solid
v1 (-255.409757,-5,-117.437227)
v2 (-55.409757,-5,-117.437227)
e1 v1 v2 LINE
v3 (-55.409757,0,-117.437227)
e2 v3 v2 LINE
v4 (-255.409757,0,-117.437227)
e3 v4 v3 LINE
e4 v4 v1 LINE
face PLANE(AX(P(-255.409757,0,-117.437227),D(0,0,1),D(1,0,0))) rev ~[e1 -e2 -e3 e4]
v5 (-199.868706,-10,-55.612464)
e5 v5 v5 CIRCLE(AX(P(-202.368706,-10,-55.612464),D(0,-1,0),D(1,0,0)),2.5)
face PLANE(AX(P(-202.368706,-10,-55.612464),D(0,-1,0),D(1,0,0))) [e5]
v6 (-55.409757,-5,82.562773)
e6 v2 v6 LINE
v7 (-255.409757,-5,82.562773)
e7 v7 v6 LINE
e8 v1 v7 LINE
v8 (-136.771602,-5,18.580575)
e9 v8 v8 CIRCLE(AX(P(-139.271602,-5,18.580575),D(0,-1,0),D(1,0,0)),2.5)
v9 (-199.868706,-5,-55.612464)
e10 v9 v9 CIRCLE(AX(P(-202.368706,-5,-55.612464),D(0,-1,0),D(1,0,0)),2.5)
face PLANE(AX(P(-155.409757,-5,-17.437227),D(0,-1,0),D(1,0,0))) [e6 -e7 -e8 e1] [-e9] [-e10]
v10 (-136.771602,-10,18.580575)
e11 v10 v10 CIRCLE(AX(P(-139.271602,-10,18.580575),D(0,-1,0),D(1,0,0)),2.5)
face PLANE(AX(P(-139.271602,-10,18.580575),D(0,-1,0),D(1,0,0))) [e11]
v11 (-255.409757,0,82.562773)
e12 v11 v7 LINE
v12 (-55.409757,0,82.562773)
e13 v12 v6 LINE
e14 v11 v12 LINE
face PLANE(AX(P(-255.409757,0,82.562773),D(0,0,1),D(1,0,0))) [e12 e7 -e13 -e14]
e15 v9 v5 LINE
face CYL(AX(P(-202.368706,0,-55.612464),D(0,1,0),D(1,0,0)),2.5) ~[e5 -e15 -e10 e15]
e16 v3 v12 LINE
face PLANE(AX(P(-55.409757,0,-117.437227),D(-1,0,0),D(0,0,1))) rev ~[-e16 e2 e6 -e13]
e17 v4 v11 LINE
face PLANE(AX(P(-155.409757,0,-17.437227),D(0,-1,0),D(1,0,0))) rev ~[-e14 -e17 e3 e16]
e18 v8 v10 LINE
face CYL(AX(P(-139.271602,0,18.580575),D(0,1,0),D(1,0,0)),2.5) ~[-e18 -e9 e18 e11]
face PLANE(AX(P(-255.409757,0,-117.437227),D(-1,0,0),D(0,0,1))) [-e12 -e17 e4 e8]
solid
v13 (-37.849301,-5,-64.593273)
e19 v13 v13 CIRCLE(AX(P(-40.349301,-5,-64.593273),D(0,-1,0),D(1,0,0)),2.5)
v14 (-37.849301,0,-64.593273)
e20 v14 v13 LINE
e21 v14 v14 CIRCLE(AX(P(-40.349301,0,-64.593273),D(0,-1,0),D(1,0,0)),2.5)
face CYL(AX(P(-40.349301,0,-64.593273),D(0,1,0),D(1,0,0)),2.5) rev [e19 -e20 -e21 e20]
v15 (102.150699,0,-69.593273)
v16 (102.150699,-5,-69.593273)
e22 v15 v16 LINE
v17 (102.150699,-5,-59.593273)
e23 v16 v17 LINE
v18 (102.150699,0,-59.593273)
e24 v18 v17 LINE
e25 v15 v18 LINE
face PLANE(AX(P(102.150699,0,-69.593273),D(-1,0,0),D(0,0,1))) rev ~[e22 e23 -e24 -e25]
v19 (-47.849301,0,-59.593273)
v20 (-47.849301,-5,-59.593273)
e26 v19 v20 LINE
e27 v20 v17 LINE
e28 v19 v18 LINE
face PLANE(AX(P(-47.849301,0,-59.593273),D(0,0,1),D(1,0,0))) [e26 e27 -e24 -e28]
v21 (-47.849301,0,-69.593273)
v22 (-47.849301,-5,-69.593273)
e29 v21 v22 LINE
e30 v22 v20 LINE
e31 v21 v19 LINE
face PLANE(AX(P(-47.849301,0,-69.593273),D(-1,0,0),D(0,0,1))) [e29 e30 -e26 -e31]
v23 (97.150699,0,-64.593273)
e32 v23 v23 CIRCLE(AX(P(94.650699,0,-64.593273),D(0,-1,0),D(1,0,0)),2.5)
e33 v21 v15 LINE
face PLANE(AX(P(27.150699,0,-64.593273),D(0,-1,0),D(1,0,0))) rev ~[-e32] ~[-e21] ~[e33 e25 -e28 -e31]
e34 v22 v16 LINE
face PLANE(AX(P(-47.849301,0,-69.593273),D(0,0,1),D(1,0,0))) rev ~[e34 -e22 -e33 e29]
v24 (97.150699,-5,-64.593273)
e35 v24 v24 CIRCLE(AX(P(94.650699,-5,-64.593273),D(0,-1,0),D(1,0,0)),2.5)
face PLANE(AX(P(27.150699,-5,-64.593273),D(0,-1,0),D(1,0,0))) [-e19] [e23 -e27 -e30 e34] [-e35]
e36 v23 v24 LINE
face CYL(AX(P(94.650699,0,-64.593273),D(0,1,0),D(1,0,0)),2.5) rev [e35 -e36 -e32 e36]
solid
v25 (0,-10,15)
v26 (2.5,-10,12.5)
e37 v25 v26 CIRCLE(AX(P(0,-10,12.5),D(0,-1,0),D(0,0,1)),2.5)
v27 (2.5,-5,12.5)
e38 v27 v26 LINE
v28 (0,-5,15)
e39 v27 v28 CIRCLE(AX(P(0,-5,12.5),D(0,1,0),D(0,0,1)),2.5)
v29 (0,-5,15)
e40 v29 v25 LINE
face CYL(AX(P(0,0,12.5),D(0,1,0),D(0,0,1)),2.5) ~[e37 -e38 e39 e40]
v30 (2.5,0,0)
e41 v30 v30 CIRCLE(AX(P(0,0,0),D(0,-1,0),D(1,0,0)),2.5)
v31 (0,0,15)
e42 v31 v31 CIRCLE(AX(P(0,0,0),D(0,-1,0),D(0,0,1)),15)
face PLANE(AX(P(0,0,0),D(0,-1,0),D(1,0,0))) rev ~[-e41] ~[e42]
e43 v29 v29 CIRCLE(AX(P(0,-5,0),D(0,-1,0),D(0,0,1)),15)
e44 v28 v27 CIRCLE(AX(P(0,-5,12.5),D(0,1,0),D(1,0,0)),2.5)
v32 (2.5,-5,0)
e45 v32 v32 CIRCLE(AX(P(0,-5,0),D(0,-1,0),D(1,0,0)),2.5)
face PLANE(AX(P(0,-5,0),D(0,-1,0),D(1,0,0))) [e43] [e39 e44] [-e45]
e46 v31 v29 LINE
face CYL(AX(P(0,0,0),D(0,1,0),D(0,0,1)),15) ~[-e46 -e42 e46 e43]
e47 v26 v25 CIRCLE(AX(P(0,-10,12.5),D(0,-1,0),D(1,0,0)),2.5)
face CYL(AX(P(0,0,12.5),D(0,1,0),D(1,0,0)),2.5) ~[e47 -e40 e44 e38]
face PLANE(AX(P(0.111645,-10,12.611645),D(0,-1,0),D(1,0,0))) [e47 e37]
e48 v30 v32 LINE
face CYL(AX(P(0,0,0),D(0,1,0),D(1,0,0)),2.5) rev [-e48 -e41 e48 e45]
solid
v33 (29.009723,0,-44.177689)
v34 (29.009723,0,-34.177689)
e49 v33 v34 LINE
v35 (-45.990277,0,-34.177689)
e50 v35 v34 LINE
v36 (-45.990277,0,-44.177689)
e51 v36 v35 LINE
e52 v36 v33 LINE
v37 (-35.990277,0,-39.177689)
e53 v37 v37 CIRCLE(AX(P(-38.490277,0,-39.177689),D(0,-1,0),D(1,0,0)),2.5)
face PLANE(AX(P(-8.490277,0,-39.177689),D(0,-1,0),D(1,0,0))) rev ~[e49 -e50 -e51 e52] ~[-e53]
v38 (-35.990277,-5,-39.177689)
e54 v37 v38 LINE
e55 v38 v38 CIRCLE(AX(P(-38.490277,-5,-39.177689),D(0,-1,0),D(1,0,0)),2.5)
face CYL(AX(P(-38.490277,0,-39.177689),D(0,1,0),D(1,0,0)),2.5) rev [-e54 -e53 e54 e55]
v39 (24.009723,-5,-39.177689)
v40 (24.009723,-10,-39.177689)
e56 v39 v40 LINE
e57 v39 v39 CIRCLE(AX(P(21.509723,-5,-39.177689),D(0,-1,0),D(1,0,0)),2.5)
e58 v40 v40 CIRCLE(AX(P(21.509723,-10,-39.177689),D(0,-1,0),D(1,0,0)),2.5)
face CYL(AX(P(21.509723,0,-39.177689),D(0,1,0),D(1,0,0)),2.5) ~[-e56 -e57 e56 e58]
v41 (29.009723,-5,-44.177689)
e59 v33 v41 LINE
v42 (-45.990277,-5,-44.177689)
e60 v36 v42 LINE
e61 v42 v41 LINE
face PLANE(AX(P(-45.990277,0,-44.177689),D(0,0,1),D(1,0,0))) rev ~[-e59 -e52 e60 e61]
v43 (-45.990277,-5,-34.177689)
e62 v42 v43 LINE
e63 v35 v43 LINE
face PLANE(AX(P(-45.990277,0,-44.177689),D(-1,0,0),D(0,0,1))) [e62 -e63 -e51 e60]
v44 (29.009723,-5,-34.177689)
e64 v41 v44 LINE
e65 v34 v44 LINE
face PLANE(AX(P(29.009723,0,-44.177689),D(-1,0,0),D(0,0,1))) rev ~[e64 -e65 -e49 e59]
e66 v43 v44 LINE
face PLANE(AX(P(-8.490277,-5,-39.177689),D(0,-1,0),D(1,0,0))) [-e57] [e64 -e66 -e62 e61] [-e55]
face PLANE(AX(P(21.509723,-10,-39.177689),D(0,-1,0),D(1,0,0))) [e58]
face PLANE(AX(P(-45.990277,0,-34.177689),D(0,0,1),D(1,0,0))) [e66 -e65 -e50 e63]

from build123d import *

# Parameters (mm, degrees)
F0_R     = 2.5
F2_DEPTH = 5
F0_W     = 75
F0_H     = 10
F0_W_2   = 150
F1_W     = 200
F1_H     = 200
F1_R     = 2.5
F3_DEPTH = 5
F4_DEPTH = 10
F5_DEPTH = 10
F6_DEPTH = 10
F7_DEPTH = 10


with BuildPart() as f2:
    # F0 (on Front) → F2 (new body)
    with BuildSketch(Plane.XZ):
        with BuildLine():
            ThreePointArc((0, 15), (-10.6066017178, -10.6066017178), (15, 0))
            ThreePointArc((15, 0), (10.6066017178, 10.6066017178), (0, 15))
        make_face()
        Circle(F0_R, mode=Mode.SUBTRACT)
        with BuildLine():
            ThreePointArc((2.5, 12.5), (-1.767766953, 10.732233047), (0, 15))
            ThreePointArc((0, 15), (1.767766953, 14.267766953), (2.5, 12.5))
        make_face(mode=Mode.SUBTRACT)
        with BuildLine():
            ThreePointArc((2.5, 12.5), (1.767766953, 14.267766953), (0, 15))
            ThreePointArc((0, 15), (-1.767766953, 10.732233047), (2.5, 12.5))
        make_face()
    extrude(amount=F2_DEPTH)

    # F0 (on Front) → F5 (join)
    with BuildSketch(Plane.XZ):
        with BuildLine():
            ThreePointArc((2.5, 12.5), (1.767766953, 14.267766953), (0, 15))
            ThreePointArc((0, 15), (-1.767766953, 10.732233047), (2.5, 12.5))
        make_face()
    extrude(amount=F5_DEPTH)


with BuildPart() as f2b:
    # F0 (on Front) → F2, piece 2 (new body)
    with BuildSketch(Plane.XZ):
        with Locations((-8.4902770817, -39.1776886582)):
            Rectangle(F0_W, F0_H)
        with Locations((-38.4902770817, -39.1776886582)):
            Circle(F0_R, mode=Mode.SUBTRACT)
        with Locations((21.5097229183, -39.1776886582)):
            Circle(F0_R, mode=Mode.SUBTRACT)
    extrude(amount=F2_DEPTH)

    # F0 (on Front) → F6 (join)
    with BuildSketch(Plane.XZ):
        with Locations((21.5097229183, -39.1776886582)):
            Circle(F0_R)
    extrude(amount=F6_DEPTH)


with BuildPart() as f2c:
    # F0 (on Front) → F2, piece 3 (new body)
    with BuildSketch(Plane.XZ):
        with Locations((27.1506987512, -64.5932731032)):
            Rectangle(F0_W_2, F0_H)
        with Locations((-40.3493012488, -64.5932731032)):
            Circle(F0_R, mode=Mode.SUBTRACT)
        with Locations((94.6506987512, -64.5932731032)):
            Circle(F0_R, mode=Mode.SUBTRACT)
    extrude(amount=F2_DEPTH)


with BuildPart() as f3:
    # F1 (on Front) → F3 (new body)
    with BuildSketch(Plane.XZ):
        with Locations((-155.4097570479, -17.4372267429)):
            Rectangle(F1_W, F1_H)
        with Locations((-202.3687064648, -55.6124635041)):
            Circle(F1_R, mode=Mode.SUBTRACT)
        with Locations((-139.2716020346, 18.5805745423)):
            Circle(F1_R, mode=Mode.SUBTRACT)
    extrude(amount=F3_DEPTH)

    # F1 (on Front) → F4 (join)
    with BuildSketch(Plane.XZ):
        with Locations((-202.3687064648, -55.6124635041)):
            Circle(F1_R)
    extrude(amount=F4_DEPTH)

    # F1 (on Front) → F7 (join)
    with BuildSketch(Plane.XZ):
        with Locations((-139.2716020346, 18.5805745423)):
            Circle(F1_R)
    extrude(amount=F7_DEPTH)


solid = Compound([f2.part, f2b.part, f2c.part, f3.part])
